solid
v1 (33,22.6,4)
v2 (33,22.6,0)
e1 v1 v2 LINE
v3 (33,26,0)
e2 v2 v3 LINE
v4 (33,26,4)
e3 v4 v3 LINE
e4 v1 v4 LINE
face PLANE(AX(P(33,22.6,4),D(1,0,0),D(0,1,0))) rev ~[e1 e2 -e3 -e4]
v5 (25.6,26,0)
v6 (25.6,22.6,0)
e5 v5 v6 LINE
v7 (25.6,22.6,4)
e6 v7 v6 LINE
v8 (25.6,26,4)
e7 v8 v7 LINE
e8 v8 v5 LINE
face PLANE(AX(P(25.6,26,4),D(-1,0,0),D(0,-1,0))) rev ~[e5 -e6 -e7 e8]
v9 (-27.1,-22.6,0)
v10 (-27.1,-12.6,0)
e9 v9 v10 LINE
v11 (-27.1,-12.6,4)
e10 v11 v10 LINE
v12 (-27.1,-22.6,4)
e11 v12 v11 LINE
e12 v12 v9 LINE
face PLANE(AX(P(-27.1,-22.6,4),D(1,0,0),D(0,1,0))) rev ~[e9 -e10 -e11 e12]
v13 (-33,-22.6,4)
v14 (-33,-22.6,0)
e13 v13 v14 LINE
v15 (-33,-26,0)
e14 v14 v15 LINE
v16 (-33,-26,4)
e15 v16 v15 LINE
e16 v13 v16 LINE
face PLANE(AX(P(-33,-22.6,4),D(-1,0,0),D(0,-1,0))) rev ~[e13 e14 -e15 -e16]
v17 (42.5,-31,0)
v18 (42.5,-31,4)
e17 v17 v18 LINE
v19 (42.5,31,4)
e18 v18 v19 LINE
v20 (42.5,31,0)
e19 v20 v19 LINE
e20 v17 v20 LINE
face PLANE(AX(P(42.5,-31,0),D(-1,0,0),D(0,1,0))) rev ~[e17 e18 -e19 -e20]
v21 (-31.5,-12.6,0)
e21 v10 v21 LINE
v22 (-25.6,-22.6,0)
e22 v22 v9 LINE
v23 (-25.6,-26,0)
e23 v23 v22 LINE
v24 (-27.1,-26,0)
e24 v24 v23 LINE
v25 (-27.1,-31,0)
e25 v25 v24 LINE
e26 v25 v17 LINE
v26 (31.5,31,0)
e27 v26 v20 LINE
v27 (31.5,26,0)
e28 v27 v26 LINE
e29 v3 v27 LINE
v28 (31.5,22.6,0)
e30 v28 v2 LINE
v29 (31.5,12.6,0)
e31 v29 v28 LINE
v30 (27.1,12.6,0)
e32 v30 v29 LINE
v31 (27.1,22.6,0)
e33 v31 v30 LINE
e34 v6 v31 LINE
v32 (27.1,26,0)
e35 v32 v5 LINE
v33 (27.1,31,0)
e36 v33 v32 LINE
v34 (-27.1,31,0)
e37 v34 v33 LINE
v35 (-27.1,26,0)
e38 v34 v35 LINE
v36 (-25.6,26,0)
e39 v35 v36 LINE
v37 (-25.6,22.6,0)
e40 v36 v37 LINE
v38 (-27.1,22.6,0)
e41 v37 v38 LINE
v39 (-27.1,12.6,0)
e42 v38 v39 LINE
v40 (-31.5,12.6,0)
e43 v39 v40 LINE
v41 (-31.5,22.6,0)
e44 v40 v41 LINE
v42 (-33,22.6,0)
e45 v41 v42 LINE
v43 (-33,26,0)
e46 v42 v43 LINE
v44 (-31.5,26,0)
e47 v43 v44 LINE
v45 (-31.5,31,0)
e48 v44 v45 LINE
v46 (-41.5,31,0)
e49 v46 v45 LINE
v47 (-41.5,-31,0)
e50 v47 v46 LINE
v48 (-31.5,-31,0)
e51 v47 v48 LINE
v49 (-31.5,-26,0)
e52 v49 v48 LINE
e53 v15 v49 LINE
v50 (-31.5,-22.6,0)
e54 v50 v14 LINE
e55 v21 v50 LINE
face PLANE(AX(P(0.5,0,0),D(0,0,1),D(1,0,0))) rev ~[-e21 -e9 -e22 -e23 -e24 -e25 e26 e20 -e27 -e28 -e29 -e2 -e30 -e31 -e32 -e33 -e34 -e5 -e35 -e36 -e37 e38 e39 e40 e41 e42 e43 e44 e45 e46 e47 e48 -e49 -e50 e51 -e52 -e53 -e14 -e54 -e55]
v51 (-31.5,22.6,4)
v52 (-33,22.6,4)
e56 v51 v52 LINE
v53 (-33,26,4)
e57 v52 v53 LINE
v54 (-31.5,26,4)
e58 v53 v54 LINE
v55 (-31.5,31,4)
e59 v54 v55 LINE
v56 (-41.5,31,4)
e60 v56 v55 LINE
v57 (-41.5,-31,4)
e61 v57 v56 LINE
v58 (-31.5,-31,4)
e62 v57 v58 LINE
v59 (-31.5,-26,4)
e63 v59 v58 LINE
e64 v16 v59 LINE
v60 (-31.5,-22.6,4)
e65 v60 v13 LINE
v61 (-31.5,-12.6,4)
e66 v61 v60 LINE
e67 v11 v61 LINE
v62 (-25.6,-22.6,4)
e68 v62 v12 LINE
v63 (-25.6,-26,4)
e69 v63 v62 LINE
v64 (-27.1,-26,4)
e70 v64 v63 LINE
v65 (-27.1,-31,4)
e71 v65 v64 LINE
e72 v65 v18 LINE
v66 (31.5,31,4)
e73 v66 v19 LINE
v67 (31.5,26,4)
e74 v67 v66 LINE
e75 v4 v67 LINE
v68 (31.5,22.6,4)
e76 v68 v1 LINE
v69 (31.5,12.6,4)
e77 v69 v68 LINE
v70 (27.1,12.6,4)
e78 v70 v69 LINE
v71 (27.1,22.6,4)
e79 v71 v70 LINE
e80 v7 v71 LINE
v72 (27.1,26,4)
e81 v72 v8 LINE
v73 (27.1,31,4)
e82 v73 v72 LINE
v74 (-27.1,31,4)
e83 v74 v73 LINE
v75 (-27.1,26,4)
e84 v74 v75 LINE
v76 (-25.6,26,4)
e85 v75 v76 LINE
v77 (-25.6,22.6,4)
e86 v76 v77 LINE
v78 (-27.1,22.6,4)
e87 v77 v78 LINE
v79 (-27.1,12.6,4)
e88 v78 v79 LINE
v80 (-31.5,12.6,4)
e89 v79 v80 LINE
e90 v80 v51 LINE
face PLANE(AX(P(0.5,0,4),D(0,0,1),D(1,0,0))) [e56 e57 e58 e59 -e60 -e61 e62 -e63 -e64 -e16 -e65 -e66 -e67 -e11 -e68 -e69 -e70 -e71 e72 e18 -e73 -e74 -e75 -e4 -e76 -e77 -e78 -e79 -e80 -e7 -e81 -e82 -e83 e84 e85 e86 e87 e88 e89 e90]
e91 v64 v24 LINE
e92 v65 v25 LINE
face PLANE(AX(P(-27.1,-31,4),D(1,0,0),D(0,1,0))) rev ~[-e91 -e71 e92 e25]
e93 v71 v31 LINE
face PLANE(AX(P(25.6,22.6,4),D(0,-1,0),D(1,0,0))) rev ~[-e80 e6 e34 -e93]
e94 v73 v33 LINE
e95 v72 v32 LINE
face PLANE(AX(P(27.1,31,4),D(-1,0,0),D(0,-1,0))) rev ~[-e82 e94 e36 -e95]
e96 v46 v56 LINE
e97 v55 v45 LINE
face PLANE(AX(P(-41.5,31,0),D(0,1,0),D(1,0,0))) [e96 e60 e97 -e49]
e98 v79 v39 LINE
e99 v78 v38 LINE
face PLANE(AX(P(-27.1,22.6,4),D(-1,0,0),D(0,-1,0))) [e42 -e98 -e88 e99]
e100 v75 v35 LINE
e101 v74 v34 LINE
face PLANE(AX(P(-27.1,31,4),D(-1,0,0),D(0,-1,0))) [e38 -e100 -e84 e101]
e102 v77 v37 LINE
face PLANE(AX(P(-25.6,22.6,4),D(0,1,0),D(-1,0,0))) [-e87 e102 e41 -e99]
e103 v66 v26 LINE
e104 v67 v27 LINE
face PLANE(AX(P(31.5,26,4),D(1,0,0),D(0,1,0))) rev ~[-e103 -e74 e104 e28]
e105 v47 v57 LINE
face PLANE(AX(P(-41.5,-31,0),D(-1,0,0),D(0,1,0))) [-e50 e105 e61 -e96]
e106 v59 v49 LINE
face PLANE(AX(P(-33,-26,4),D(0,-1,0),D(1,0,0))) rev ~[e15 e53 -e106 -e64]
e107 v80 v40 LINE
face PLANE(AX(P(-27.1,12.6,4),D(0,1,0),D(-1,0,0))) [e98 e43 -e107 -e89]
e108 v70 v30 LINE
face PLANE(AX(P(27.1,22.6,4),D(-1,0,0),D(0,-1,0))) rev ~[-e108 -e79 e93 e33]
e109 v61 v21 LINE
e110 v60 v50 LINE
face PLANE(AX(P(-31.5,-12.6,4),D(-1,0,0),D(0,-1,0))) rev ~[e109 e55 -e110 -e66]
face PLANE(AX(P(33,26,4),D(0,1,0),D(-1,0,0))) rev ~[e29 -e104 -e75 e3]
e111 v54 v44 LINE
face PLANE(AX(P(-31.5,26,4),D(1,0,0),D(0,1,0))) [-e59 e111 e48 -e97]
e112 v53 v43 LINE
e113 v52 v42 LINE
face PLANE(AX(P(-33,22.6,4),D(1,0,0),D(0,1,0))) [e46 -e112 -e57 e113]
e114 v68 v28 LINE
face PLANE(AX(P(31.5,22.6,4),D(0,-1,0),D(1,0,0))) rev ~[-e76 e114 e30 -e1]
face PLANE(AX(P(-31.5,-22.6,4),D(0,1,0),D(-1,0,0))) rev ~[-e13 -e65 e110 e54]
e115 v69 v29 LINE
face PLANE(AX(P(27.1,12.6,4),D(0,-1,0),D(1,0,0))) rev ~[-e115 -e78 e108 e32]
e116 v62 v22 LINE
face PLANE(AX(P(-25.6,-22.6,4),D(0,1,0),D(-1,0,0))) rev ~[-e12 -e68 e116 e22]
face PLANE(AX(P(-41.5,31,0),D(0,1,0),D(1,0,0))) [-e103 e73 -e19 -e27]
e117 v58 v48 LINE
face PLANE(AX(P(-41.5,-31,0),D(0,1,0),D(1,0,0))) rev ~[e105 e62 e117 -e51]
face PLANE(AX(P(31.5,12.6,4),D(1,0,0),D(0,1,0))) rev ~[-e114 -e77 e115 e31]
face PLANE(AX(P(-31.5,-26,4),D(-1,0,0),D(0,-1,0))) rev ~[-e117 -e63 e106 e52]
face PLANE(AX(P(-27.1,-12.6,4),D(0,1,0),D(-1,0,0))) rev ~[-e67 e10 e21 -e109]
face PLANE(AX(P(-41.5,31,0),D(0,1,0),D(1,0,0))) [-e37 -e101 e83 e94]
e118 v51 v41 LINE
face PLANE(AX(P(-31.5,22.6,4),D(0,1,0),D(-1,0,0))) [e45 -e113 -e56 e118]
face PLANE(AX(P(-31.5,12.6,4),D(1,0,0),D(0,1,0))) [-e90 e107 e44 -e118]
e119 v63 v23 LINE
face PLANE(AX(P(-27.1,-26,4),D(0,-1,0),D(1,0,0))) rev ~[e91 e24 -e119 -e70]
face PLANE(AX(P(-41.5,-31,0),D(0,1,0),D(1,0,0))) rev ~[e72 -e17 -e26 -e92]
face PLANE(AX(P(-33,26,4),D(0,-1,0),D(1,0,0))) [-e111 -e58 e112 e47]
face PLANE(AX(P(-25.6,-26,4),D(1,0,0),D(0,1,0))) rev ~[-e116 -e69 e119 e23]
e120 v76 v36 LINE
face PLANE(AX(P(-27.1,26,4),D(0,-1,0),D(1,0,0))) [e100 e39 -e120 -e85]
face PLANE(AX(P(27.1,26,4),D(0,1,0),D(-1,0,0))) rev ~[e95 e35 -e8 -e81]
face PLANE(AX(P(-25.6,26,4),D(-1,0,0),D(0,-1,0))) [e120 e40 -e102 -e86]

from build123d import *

# Parameters (mm, degrees)
SKETCH1_W           = 84
SKETCH1_H           = 62
BOSS_EXTRUDE1_DEPTH = 4
CUT_EXTRUDE2_DEPTH  = 5


with BuildPart() as part:
    # Sketch1 → Boss-Extrude1 (new body)
    with BuildSketch(Plane.XY):
        with Locations((0.5, 0)):
            Rectangle(SKETCH1_W, SKETCH1_H)
    extrude(amount=BOSS_EXTRUDE1_DEPTH)

    # Sketch3 → Cut-Extrude2 (cut)
    with BuildSketch(Plane.XY.offset(4)):
        Polygon((-27.1, 22.6), (-27.1, 12.6), (-31.5, 12.6), (-31.5, 22.6), (-33, 22.6), (-33, 26), (-31.5, 26), (-31.5, 31), (-27.1, 31), (-27.1, 26), (-25.6, 26), (-25.6, 22.6), align=None)
        Polygon((31.5, 12.6), (31.5, 22.6), (33, 22.6), (33, 26), (31.5, 26), (31.5, 31), (27.1, 31), (27.1, 26), (25.6, 26), (25.6, 22.6), (27.1, 22.6), (27.1, 12.6), align=None)
        Polygon((-31.5, -12.6), (-31.5, -22.6), (-33, -22.6), (-33, -26), (-31.5, -26), (-31.5, -31), (-27.1, -31), (-27.1, -26), (-25.6, -26), (-25.6, -22.6), (-27.1, -22.6), (-27.1, -12.6), align=None)
    extrude(amount=-CUT_EXTRUDE2_DEPTH, mode=Mode.SUBTRACT)


solid = part.part
